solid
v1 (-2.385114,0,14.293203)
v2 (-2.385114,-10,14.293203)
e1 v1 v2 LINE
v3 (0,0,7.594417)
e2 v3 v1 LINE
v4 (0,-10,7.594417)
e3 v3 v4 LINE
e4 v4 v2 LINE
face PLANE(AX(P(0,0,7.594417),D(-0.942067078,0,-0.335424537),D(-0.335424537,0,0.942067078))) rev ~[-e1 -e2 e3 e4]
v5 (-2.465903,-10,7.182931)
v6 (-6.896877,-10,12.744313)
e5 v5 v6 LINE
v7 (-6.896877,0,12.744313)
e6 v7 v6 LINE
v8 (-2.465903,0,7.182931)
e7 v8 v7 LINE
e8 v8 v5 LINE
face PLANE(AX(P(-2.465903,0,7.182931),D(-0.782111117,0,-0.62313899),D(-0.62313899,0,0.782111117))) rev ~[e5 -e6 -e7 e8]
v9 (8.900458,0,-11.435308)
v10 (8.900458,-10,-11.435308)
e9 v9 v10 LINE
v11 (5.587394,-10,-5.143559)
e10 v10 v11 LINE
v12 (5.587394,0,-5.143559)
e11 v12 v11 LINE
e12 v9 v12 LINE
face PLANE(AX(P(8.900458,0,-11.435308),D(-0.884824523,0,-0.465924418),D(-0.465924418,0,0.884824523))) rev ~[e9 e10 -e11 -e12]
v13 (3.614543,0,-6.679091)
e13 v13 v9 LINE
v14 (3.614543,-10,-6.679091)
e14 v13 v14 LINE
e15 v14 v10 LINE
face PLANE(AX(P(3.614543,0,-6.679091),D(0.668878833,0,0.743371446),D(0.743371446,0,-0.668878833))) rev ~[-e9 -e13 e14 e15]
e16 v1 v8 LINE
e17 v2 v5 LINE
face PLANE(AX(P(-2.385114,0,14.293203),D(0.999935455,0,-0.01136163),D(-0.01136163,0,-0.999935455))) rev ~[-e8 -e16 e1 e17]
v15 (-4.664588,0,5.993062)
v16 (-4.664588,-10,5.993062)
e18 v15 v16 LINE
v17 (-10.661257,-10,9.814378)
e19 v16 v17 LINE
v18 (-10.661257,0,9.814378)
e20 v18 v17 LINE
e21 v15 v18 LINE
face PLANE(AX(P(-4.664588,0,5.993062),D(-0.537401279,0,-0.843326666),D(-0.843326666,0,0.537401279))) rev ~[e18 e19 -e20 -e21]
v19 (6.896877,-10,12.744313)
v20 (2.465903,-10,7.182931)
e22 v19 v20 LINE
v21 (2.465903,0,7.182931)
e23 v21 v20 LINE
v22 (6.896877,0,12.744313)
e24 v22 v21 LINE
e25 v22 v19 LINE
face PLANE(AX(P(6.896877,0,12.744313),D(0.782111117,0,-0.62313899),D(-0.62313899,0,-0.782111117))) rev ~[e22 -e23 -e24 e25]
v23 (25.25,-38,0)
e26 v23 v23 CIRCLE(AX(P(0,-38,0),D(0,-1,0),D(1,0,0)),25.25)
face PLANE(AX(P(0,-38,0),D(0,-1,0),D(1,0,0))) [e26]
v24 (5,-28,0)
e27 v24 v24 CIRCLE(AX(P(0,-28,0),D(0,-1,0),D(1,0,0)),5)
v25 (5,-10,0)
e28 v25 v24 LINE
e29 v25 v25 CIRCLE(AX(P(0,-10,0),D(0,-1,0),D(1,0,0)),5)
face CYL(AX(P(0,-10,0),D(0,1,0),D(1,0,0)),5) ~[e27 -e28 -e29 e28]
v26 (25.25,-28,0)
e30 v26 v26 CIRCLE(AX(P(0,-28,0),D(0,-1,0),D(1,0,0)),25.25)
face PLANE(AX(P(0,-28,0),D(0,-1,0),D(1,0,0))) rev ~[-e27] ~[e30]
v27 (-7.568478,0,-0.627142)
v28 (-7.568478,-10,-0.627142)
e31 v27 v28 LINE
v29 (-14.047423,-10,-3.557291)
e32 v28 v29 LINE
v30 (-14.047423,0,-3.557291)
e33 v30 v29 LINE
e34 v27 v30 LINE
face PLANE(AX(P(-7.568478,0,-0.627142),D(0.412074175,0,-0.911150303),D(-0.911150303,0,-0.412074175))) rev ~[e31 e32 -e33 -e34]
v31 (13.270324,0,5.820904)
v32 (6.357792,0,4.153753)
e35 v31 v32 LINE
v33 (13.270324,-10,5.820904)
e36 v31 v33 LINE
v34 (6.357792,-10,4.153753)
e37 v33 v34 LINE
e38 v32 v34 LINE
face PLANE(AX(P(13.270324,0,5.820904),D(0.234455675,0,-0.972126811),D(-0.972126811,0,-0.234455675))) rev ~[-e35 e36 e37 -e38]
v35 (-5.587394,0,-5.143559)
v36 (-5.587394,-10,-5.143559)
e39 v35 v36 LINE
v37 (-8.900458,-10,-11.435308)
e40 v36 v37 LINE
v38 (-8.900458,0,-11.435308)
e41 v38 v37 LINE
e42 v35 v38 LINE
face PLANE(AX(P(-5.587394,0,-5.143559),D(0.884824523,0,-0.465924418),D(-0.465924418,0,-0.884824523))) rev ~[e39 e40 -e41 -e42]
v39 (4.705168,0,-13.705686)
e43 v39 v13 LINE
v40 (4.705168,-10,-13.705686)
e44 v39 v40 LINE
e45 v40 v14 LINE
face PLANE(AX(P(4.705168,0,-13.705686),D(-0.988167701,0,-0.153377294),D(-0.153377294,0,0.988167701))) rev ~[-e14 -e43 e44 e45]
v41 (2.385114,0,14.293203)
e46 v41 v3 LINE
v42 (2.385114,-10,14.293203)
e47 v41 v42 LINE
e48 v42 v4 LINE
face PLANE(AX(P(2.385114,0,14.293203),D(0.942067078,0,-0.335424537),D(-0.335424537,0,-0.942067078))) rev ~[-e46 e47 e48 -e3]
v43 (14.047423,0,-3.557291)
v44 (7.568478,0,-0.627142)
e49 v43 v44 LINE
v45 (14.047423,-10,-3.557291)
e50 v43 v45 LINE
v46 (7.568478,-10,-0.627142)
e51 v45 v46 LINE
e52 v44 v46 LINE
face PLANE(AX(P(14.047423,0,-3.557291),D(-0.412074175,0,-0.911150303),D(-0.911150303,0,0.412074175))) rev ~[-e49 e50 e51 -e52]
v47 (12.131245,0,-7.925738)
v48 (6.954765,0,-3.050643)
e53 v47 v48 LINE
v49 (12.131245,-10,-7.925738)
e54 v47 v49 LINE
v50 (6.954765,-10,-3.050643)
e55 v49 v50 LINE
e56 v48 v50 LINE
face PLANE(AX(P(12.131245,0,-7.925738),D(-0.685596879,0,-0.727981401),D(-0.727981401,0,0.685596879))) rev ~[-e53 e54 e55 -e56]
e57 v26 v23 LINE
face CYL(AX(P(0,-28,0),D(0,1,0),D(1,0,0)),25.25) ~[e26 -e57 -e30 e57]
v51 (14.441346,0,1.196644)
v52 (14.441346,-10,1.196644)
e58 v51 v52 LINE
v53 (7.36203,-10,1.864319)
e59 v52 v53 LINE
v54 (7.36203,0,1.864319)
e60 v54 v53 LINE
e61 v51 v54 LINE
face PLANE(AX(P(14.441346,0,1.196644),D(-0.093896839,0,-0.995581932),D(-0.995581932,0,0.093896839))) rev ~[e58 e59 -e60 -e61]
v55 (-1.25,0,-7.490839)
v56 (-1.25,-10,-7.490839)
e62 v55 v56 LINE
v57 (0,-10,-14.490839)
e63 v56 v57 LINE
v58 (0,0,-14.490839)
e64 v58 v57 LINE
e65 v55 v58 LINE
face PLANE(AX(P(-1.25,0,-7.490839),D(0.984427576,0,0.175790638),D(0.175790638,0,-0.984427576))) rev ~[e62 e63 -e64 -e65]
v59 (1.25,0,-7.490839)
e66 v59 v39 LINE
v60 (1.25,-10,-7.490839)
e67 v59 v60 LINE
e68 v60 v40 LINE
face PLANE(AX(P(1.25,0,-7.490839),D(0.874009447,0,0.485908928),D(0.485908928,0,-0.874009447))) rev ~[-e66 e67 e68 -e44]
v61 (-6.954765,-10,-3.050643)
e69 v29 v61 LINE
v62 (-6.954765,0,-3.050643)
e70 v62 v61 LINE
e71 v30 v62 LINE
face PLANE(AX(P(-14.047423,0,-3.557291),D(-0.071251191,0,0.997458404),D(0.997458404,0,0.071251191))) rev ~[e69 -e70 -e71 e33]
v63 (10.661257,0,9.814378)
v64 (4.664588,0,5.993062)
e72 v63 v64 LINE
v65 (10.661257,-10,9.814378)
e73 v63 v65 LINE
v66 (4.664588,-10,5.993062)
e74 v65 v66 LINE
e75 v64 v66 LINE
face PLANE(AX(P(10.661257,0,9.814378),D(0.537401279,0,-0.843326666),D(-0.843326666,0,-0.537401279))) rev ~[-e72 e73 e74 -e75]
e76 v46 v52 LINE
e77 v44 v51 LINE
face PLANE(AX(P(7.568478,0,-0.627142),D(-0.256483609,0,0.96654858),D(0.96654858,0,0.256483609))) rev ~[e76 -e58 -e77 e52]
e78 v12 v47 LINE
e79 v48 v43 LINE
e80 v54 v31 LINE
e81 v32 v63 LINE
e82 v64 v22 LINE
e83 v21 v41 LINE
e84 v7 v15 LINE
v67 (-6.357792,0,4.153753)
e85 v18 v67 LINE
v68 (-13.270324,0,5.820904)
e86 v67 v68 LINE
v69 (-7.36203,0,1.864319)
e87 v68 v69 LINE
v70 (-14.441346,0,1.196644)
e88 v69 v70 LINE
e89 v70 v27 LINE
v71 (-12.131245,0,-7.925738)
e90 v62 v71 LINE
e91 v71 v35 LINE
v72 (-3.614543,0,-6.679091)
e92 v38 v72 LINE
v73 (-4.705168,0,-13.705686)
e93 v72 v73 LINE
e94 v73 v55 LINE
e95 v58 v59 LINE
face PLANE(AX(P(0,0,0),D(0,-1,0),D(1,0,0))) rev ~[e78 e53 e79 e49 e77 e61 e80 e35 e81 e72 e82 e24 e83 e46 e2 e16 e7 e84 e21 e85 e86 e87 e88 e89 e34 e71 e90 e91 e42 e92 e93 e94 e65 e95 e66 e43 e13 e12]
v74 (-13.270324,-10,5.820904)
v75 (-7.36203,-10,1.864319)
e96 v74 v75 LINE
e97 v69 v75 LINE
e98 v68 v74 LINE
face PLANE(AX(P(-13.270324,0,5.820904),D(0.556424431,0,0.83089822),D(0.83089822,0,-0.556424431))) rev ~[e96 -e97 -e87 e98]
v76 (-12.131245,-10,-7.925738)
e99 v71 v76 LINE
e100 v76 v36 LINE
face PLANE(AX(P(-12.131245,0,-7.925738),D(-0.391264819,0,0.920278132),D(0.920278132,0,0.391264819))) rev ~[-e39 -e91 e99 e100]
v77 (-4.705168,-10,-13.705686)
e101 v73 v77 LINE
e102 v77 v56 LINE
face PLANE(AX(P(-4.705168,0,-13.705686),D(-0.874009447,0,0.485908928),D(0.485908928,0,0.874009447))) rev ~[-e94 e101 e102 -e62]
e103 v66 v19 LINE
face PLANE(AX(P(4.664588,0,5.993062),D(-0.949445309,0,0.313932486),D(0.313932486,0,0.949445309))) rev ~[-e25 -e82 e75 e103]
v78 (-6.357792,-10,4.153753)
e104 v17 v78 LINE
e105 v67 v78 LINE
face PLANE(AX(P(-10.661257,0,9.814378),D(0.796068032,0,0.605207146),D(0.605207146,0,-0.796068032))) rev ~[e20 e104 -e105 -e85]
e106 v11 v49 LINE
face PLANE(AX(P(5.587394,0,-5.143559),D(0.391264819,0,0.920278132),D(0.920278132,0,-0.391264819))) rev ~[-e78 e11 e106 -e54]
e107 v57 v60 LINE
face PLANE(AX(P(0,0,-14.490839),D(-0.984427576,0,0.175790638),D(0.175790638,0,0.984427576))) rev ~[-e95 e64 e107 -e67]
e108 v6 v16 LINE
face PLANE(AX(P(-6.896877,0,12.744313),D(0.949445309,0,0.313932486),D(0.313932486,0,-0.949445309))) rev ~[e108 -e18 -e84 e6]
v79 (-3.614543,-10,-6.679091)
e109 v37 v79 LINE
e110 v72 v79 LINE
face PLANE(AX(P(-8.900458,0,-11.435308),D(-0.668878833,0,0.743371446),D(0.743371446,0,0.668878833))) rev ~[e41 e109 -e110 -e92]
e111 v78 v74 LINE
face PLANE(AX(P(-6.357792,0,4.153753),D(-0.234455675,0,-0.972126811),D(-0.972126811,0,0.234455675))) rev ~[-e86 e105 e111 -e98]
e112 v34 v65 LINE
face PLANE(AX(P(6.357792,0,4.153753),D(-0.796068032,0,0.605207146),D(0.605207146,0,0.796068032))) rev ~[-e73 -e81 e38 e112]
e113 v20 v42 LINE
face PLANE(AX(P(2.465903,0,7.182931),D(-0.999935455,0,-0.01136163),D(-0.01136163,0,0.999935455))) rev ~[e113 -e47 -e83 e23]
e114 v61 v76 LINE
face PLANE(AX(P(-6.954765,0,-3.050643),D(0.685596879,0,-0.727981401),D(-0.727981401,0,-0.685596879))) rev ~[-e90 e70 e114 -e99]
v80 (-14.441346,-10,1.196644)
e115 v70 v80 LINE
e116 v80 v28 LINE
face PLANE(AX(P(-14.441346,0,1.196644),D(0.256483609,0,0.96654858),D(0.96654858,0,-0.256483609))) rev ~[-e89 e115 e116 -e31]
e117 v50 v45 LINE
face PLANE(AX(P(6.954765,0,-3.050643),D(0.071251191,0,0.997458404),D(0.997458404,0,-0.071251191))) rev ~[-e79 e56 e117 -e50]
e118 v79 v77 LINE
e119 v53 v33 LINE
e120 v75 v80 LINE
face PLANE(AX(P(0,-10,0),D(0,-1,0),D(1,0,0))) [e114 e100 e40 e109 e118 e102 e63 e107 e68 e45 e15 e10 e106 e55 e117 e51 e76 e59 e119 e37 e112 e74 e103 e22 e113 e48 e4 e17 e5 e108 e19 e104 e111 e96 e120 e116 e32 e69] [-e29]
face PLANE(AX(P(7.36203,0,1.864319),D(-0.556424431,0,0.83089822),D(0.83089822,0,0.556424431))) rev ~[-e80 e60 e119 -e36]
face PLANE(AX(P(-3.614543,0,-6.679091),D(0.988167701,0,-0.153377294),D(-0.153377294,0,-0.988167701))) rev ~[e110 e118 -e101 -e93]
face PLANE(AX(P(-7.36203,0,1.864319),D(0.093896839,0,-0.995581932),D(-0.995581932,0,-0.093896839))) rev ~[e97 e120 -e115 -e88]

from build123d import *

# Parameters (mm, degrees)
F1_DEPTH = 10
F2_R     = 5
F3_DEPTH = 18
F4_R     = 25.25
F4_R_2   = 5
F5_DEPTH = 10


with BuildPart() as f1:
    # F0 (on Front) → F1 (new body)
    with BuildSketch(Plane.XZ):
        Polygon((2.3851137612, 14.2932031622), (0, 7.5944172762), (-2.3851137612, 14.2932031622), (-2.4659032585, 7.1829308005), (-6.8968771988, 12.7443128177), (-4.6645876365, 5.9930623179), (-10.6612569758, 9.814378431), (-6.3577915656, 4.1537525412), (-13.270324133, 5.8209038555), (-7.3620301272, 1.8643192246), (-14.4413457601, 1.1966440267), (-7.5684784909, -0.6271420079), (-14.0474234935, -3.5572907503), (-6.954764773, -3.0506426728), (-12.1312449232, -7.9257378774), (-5.5873943777, -5.1435588684), (-8.9004577298, -11.4353083251), (-3.6145431043, -6.6790906501), (-4.7051678366, -13.7056856786), (-1.25, -7.4908393232), (0, -14.4908393232), (1.25, -7.4908393232), (4.7051678366, -13.7056856786), (3.6145431043, -6.6790906501), (8.9004577298, -11.4353083251), (5.5873943777, -5.1435588684), (12.1312449232, -7.9257378774), (6.954764773, -3.0506426728), (14.0474234935, -3.5572907503), (7.5684784909, -0.6271420079), (14.4413457601, 1.1966440267), (7.3620301272, 1.8643192246), (13.270324133, 5.8209038555), (6.3577915656, 4.1537525412), (10.6612569758, 9.814378431), (4.6645876365, 5.9930623179), (6.8968771988, 12.7443128177), (2.4659032585, 7.1829308005), align=None)
    extrude(amount=F1_DEPTH)

    # F2 (on face) → F3 (join)
    with BuildSketch(Plane.XZ.offset(10)):
        Circle(F2_R)
    extrude(amount=F3_DEPTH)

    # F4 (on face) → F5 (join)
    with BuildSketch(Plane.XZ.offset(28)):
        Circle(F4_R)
        Circle(F4_R_2, mode=Mode.SUBTRACT)
        Circle(F4_R_2)
    extrude(amount=F5_DEPTH)


solid = f1.part
